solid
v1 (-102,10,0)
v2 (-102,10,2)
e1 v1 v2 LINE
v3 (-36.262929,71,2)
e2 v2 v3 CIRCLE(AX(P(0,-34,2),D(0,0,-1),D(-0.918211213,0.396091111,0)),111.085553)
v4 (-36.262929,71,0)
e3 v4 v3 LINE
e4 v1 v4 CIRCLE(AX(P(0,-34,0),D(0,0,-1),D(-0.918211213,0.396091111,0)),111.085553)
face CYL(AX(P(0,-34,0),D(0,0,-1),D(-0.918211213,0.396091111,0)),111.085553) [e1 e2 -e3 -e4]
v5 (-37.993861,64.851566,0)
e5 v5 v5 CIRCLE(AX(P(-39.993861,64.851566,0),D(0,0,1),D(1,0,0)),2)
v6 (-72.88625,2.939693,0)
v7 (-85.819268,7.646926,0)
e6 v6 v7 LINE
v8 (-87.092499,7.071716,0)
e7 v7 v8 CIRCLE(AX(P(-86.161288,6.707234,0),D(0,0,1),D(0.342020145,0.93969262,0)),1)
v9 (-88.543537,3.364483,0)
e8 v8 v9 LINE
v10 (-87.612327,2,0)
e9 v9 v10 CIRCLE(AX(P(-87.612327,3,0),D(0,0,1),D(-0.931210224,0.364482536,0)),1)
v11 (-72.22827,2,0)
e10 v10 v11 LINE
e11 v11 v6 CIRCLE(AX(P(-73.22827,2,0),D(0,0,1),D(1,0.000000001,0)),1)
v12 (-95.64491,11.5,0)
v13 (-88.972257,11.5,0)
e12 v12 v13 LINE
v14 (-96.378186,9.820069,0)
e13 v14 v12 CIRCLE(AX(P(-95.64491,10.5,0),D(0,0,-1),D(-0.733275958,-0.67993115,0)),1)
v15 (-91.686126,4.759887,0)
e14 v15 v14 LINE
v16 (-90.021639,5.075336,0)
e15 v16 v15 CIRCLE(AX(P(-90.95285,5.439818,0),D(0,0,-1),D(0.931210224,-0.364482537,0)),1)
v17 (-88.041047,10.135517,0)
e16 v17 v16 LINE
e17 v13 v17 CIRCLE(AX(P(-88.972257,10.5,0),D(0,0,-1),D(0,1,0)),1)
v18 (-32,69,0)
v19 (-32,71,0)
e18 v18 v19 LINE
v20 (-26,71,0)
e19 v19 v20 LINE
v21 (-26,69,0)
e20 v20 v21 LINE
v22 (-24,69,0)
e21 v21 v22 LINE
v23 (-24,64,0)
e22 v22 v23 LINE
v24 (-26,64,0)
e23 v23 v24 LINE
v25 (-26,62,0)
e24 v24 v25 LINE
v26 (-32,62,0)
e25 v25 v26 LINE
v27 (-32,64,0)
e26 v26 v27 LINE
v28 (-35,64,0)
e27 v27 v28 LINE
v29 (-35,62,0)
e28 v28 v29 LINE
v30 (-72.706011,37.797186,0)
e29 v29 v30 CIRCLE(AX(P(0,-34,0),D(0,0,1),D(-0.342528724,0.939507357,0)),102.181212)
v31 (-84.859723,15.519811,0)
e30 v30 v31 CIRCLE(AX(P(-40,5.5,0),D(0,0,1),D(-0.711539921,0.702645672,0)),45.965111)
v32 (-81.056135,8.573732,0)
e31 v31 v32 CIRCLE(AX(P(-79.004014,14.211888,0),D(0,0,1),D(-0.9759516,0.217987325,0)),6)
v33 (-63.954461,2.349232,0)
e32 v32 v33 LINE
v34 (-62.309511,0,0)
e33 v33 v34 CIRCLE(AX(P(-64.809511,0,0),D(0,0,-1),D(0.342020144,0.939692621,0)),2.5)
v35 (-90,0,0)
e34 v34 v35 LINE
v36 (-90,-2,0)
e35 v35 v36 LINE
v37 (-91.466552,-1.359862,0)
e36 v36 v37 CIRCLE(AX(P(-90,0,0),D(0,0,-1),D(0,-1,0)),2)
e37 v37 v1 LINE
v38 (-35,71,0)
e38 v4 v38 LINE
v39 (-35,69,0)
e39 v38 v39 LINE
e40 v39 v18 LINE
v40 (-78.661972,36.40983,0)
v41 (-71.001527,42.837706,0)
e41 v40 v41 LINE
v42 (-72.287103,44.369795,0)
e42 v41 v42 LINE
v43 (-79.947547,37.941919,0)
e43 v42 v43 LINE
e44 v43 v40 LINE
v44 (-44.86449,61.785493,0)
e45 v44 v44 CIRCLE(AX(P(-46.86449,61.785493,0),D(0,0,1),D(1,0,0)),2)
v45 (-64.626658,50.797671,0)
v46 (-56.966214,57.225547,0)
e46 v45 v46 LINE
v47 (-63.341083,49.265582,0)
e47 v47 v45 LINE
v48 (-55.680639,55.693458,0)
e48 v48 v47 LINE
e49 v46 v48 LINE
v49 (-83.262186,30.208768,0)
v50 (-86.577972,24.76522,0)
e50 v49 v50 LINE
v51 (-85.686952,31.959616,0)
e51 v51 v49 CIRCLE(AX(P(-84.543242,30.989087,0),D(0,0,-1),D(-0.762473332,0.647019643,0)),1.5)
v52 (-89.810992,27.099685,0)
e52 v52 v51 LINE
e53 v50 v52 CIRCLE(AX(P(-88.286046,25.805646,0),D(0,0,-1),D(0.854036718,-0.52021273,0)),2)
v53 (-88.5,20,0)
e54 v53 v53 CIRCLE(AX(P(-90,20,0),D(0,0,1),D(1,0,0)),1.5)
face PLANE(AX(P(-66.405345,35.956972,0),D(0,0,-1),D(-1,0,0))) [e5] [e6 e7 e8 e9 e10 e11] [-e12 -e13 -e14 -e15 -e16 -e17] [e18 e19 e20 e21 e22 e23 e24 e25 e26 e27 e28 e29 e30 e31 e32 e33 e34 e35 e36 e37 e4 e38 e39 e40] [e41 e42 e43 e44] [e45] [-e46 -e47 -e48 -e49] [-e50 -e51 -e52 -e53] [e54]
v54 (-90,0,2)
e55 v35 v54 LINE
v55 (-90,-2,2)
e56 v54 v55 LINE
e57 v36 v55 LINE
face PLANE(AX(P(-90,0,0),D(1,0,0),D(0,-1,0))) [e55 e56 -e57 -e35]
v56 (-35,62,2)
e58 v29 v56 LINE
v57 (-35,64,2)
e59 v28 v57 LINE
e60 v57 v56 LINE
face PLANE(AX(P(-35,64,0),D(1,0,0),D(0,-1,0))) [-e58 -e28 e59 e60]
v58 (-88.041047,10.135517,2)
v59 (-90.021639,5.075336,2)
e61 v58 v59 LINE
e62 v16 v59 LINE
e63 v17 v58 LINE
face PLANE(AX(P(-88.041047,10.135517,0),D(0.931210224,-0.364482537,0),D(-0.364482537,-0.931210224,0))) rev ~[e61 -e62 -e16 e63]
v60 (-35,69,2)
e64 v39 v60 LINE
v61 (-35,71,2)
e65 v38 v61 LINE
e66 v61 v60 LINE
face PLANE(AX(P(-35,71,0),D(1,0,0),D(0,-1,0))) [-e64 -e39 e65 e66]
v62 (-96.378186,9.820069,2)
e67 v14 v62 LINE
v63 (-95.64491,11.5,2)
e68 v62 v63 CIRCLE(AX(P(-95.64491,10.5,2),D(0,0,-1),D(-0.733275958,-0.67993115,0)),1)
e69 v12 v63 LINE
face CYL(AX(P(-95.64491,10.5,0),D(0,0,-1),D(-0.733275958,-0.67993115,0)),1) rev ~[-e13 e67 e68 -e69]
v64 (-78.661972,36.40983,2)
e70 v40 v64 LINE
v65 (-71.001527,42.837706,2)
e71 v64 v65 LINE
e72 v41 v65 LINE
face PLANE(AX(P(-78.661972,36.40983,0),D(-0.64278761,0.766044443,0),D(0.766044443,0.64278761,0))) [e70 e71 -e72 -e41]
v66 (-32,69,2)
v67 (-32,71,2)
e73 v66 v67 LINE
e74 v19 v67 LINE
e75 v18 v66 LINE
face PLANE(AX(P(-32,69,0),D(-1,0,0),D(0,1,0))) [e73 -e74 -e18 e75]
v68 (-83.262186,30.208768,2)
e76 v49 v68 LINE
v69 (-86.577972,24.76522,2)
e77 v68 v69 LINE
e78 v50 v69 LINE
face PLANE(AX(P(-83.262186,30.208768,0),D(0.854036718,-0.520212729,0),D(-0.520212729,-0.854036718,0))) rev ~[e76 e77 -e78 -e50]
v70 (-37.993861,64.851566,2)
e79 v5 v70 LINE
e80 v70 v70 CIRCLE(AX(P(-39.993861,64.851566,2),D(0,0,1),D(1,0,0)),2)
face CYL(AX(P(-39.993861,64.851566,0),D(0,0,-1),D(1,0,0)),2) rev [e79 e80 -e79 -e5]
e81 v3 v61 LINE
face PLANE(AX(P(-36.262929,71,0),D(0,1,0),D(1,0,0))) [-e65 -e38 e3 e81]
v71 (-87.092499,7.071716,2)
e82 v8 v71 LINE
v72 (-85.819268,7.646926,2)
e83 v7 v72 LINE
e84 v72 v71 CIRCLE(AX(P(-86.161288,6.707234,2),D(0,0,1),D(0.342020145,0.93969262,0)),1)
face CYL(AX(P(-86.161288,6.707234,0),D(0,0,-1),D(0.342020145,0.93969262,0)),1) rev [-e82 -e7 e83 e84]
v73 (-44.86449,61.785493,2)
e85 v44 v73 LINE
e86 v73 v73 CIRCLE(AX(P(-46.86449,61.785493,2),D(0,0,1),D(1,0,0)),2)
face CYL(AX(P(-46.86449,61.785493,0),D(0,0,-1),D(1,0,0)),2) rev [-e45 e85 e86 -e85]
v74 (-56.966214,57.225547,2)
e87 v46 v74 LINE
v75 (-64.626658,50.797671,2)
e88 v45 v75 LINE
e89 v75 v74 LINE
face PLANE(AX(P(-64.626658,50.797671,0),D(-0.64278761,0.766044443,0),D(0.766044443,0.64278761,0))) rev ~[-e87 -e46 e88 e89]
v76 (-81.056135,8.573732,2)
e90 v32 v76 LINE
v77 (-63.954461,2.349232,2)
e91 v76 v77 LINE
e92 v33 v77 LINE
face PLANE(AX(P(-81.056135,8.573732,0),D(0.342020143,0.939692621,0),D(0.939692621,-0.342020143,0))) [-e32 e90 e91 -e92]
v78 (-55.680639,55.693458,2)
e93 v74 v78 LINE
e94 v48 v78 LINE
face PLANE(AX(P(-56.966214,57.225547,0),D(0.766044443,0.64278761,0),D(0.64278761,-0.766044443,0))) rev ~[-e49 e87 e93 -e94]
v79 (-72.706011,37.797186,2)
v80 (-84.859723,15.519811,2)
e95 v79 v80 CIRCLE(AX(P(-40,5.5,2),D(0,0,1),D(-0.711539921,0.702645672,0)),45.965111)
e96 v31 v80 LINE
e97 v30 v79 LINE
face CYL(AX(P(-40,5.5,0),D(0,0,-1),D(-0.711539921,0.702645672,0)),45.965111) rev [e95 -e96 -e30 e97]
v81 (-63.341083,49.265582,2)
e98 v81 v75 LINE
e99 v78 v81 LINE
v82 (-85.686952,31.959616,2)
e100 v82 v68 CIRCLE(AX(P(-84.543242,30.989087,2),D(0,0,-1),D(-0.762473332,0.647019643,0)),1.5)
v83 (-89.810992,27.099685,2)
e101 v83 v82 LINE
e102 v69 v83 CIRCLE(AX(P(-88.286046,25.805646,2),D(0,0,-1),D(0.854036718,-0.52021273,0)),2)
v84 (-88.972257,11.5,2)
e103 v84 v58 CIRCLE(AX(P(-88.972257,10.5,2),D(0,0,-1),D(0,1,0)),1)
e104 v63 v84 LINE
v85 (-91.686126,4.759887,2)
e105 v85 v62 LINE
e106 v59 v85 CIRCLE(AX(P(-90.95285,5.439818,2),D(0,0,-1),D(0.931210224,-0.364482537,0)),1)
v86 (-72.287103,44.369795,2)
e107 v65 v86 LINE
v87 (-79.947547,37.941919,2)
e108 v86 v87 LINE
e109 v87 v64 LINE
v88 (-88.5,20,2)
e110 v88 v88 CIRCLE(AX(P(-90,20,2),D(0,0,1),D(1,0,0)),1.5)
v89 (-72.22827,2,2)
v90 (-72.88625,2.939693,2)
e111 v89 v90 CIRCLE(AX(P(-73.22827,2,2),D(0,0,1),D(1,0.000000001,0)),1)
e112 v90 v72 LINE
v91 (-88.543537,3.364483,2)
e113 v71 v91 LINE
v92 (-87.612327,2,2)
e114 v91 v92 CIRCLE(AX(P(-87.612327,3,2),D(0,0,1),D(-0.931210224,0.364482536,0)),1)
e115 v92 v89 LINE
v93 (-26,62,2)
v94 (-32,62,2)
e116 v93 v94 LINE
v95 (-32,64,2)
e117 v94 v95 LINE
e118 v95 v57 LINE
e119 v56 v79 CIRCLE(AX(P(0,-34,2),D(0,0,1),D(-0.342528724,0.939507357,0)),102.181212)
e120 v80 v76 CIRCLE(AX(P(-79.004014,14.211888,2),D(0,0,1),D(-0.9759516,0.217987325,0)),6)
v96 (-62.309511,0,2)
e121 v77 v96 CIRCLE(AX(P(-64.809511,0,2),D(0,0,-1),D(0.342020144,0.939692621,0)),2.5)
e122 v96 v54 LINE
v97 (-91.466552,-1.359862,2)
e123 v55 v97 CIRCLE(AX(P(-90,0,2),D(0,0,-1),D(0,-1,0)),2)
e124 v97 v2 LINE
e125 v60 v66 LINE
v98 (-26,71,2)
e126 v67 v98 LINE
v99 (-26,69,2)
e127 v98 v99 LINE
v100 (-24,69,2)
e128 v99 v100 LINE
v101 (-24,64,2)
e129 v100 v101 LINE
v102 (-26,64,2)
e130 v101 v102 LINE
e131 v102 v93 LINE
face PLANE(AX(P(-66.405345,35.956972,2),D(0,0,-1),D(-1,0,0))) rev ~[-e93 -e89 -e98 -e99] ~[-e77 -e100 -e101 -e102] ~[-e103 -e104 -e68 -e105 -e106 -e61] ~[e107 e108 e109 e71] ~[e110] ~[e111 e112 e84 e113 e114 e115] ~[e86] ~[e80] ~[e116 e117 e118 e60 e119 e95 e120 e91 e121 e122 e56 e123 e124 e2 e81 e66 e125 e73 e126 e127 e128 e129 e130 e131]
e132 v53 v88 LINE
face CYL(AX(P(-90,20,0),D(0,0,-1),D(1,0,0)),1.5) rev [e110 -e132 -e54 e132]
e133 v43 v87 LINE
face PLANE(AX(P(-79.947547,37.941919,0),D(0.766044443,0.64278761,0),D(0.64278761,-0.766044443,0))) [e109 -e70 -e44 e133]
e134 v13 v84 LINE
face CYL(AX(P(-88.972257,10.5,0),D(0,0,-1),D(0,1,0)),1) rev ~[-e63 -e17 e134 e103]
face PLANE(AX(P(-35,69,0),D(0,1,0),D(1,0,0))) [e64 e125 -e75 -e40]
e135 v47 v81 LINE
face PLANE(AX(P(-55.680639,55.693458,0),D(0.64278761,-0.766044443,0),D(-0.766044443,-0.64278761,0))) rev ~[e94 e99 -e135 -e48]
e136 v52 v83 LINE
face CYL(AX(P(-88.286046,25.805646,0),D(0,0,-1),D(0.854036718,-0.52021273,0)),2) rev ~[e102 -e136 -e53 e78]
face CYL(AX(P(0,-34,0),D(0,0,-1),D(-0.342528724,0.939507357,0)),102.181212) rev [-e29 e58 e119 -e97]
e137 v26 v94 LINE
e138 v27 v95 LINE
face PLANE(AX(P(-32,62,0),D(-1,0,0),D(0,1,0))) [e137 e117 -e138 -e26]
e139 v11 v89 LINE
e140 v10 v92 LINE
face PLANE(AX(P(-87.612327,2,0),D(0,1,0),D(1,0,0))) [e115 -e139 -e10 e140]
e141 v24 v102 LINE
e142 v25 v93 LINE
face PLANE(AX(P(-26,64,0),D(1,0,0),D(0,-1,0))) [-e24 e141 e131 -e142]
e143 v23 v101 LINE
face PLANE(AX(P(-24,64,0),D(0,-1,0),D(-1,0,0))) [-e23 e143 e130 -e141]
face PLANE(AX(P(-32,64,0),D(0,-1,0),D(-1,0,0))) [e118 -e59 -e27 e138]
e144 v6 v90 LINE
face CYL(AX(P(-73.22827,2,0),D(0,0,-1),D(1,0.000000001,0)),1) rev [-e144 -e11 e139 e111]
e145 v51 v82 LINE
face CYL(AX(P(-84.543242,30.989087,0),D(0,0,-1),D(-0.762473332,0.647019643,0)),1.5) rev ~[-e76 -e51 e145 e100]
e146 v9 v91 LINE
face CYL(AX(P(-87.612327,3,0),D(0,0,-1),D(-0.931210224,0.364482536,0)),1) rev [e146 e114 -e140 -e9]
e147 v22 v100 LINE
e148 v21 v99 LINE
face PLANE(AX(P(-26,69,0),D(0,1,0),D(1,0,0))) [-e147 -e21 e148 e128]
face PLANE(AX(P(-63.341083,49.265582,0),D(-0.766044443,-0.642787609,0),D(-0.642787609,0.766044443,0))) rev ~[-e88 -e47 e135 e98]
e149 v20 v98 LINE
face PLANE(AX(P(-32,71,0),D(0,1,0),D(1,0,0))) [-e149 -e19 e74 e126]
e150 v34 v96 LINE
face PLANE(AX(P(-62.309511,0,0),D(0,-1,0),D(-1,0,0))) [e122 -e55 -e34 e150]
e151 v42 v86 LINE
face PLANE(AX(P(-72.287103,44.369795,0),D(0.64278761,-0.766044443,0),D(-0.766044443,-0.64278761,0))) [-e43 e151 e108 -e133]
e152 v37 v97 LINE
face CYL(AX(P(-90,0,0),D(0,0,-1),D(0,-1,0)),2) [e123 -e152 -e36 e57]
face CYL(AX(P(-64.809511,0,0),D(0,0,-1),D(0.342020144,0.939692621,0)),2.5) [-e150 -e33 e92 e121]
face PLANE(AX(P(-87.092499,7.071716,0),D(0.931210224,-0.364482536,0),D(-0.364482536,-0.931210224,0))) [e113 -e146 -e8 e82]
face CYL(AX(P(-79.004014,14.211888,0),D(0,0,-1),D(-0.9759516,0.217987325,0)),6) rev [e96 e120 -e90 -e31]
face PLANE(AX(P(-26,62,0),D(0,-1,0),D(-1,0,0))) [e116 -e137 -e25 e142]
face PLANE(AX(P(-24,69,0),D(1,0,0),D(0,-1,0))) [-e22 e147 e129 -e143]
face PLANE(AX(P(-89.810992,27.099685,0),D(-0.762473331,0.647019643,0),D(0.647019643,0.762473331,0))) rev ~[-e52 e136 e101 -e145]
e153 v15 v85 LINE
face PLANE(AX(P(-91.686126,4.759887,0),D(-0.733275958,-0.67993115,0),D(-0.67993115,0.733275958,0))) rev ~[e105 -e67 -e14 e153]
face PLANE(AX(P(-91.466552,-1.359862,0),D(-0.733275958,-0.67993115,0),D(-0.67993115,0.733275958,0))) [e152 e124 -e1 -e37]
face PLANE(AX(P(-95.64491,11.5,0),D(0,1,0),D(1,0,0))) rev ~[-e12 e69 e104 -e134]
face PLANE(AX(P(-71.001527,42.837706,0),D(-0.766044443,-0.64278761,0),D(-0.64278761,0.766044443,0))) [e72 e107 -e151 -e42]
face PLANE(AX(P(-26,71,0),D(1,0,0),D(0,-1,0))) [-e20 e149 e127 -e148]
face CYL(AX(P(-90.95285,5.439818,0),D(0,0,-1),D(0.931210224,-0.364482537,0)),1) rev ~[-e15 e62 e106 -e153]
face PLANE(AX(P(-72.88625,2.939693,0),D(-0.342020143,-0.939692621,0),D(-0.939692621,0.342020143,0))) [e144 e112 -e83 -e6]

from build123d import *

# Parameters (mm, degrees)
SKETCH1_R           = 1.5
SKETCH1_R_2         = 2
BOSS_EXTRUDE1_DEPTH = 2


with BuildPart() as part:
    # Sketch1 → Boss-Extrude1 (new body)
    with BuildSketch(Plane.XY):
        with BuildLine():
            Line((-62.309511, 0), (-90, 0))
            Line((-90, 0), (-90, -2))
            ThreePointArc((-90, -2), (-90.800086058, -1.832992717), (-91.466551917, -1.3598623))
            Line((-91.466551917, -1.3598623), (-102, 10))
            ThreePointArc((-102, 10), (-75.5606337, 47.428438735), (-36.262928729, 71))
            Line((-36.262928729, 71), (-35, 71))
            Line((-35, 71), (-35, 69))
            Line((-35, 69), (-32, 69))
            Line((-32, 69), (-32, 71))
            Line((-32, 71), (-26, 71))
            Line((-26, 71), (-26, 69))
            Line((-26, 69), (-24, 69))
            Line((-24, 69), (-24, 64))
            Line((-24, 64), (-26, 64))
            Line((-26, 64), (-26, 62))
            Line((-26, 62), (-32, 62))
            Line((-32, 62), (-32, 64))
            Line((-32, 64), (-35, 64))
            Line((-35, 64), (-35, 62))
            ThreePointArc((-35, 62), (-55.195926155, 51.990753781), (-72.706011232, 37.797186092))
            ThreePointArc((-72.706011232, 37.797186092), (-80.350726752, 27.513864966), (-84.859723335, 15.519811498))
            ThreePointArc((-84.859723335, 15.519811498), (-84.266660534, 11.330126172), (-81.056134593, 8.573731826))
            Line((-81.056134593, 8.573731826), (-63.954460642, 2.349231552))
            ThreePointArc((-63.954460642, 2.349231552), (-62.76163089, 1.433941091), (-62.309511, 0))
        make_face()
        with Locations((-90, 20)):
            Circle(SKETCH1_R, mode=Mode.SUBTRACT)
        with Locations((-46.864489858, 61.785493015)):
            Circle(SKETCH1_R_2, mode=Mode.SUBTRACT)
        with Locations((-39.993861134, 64.851566266)):
            Circle(SKETCH1_R_2, mode=Mode.SUBTRACT)
        with BuildLine():
            Line((-89.810992251, 27.099684807), (-85.686951519, 31.9596162))
            ThreePointArc((-85.686951519, 31.9596162), (-83.665127869, 32.205193808), (-83.262186445, 30.208767641))
            Line((-83.262186445, 30.208767641), (-86.577972152, 24.765220061))
            ThreePointArc((-86.577972152, 24.765220061), (-89.456863792, 24.184169423), (-89.810992251, 27.099684807))
        make_face(mode=Mode.SUBTRACT)
        with BuildLine():
            Line((-72.886250096, 2.939692621), (-85.819268287, 7.646926281))
            ThreePointArc((-85.819268287, 7.646926281), (-86.572995727, 7.618549798), (-87.092498654, 7.071716197))
            Line((-87.092498654, 7.071716197), (-88.543537199, 3.364482536))
            ThreePointArc((-88.543537199, 3.364482536), (-88.438305951, 2.436299076), (-87.612326975, 2))
            Line((-87.612326975, 2), (-72.228270239, 2))
            ThreePointArc((-72.228270239, 2), (-72.409118195, 2.573576436), (-72.886250096, 2.939692621))
        make_face(mode=Mode.SUBTRACT)
        with BuildLine():
            Line((-95.644910389, 11.5), (-88.972257251, 11.5))
            ThreePointArc((-88.972257251, 11.5), (-88.146278275, 11.063700924), (-88.041047027, 10.135517464))
            Line((-88.041047027, 10.135517464), (-90.021639474, 5.075335561))
            ThreePointArc((-90.021639474, 5.075335561), (-90.766646985, 4.457306749), (-91.686125656, 4.759886947))
            Line((-91.686125656, 4.759886947), (-96.378186348, 9.82006885))
            ThreePointArc((-96.378186348, 9.82006885), (-96.561406748, 10.900043029), (-95.644910389, 11.5))
        make_face(mode=Mode.SUBTRACT)
        Polygon((-78.661971859, 36.409830161), (-71.001527428, 42.837706258), (-72.287102647, 44.369795144), (-79.947547078, 37.941919047), align=None, mode=Mode.SUBTRACT)
        Polygon((-63.341082997, 49.265582354), (-64.626658216, 50.797671241), (-56.966213785, 57.225547337), (-55.680638565, 55.693458451), align=None, mode=Mode.SUBTRACT)
    extrude(amount=BOSS_EXTRUDE1_DEPTH)


solid = part.part
